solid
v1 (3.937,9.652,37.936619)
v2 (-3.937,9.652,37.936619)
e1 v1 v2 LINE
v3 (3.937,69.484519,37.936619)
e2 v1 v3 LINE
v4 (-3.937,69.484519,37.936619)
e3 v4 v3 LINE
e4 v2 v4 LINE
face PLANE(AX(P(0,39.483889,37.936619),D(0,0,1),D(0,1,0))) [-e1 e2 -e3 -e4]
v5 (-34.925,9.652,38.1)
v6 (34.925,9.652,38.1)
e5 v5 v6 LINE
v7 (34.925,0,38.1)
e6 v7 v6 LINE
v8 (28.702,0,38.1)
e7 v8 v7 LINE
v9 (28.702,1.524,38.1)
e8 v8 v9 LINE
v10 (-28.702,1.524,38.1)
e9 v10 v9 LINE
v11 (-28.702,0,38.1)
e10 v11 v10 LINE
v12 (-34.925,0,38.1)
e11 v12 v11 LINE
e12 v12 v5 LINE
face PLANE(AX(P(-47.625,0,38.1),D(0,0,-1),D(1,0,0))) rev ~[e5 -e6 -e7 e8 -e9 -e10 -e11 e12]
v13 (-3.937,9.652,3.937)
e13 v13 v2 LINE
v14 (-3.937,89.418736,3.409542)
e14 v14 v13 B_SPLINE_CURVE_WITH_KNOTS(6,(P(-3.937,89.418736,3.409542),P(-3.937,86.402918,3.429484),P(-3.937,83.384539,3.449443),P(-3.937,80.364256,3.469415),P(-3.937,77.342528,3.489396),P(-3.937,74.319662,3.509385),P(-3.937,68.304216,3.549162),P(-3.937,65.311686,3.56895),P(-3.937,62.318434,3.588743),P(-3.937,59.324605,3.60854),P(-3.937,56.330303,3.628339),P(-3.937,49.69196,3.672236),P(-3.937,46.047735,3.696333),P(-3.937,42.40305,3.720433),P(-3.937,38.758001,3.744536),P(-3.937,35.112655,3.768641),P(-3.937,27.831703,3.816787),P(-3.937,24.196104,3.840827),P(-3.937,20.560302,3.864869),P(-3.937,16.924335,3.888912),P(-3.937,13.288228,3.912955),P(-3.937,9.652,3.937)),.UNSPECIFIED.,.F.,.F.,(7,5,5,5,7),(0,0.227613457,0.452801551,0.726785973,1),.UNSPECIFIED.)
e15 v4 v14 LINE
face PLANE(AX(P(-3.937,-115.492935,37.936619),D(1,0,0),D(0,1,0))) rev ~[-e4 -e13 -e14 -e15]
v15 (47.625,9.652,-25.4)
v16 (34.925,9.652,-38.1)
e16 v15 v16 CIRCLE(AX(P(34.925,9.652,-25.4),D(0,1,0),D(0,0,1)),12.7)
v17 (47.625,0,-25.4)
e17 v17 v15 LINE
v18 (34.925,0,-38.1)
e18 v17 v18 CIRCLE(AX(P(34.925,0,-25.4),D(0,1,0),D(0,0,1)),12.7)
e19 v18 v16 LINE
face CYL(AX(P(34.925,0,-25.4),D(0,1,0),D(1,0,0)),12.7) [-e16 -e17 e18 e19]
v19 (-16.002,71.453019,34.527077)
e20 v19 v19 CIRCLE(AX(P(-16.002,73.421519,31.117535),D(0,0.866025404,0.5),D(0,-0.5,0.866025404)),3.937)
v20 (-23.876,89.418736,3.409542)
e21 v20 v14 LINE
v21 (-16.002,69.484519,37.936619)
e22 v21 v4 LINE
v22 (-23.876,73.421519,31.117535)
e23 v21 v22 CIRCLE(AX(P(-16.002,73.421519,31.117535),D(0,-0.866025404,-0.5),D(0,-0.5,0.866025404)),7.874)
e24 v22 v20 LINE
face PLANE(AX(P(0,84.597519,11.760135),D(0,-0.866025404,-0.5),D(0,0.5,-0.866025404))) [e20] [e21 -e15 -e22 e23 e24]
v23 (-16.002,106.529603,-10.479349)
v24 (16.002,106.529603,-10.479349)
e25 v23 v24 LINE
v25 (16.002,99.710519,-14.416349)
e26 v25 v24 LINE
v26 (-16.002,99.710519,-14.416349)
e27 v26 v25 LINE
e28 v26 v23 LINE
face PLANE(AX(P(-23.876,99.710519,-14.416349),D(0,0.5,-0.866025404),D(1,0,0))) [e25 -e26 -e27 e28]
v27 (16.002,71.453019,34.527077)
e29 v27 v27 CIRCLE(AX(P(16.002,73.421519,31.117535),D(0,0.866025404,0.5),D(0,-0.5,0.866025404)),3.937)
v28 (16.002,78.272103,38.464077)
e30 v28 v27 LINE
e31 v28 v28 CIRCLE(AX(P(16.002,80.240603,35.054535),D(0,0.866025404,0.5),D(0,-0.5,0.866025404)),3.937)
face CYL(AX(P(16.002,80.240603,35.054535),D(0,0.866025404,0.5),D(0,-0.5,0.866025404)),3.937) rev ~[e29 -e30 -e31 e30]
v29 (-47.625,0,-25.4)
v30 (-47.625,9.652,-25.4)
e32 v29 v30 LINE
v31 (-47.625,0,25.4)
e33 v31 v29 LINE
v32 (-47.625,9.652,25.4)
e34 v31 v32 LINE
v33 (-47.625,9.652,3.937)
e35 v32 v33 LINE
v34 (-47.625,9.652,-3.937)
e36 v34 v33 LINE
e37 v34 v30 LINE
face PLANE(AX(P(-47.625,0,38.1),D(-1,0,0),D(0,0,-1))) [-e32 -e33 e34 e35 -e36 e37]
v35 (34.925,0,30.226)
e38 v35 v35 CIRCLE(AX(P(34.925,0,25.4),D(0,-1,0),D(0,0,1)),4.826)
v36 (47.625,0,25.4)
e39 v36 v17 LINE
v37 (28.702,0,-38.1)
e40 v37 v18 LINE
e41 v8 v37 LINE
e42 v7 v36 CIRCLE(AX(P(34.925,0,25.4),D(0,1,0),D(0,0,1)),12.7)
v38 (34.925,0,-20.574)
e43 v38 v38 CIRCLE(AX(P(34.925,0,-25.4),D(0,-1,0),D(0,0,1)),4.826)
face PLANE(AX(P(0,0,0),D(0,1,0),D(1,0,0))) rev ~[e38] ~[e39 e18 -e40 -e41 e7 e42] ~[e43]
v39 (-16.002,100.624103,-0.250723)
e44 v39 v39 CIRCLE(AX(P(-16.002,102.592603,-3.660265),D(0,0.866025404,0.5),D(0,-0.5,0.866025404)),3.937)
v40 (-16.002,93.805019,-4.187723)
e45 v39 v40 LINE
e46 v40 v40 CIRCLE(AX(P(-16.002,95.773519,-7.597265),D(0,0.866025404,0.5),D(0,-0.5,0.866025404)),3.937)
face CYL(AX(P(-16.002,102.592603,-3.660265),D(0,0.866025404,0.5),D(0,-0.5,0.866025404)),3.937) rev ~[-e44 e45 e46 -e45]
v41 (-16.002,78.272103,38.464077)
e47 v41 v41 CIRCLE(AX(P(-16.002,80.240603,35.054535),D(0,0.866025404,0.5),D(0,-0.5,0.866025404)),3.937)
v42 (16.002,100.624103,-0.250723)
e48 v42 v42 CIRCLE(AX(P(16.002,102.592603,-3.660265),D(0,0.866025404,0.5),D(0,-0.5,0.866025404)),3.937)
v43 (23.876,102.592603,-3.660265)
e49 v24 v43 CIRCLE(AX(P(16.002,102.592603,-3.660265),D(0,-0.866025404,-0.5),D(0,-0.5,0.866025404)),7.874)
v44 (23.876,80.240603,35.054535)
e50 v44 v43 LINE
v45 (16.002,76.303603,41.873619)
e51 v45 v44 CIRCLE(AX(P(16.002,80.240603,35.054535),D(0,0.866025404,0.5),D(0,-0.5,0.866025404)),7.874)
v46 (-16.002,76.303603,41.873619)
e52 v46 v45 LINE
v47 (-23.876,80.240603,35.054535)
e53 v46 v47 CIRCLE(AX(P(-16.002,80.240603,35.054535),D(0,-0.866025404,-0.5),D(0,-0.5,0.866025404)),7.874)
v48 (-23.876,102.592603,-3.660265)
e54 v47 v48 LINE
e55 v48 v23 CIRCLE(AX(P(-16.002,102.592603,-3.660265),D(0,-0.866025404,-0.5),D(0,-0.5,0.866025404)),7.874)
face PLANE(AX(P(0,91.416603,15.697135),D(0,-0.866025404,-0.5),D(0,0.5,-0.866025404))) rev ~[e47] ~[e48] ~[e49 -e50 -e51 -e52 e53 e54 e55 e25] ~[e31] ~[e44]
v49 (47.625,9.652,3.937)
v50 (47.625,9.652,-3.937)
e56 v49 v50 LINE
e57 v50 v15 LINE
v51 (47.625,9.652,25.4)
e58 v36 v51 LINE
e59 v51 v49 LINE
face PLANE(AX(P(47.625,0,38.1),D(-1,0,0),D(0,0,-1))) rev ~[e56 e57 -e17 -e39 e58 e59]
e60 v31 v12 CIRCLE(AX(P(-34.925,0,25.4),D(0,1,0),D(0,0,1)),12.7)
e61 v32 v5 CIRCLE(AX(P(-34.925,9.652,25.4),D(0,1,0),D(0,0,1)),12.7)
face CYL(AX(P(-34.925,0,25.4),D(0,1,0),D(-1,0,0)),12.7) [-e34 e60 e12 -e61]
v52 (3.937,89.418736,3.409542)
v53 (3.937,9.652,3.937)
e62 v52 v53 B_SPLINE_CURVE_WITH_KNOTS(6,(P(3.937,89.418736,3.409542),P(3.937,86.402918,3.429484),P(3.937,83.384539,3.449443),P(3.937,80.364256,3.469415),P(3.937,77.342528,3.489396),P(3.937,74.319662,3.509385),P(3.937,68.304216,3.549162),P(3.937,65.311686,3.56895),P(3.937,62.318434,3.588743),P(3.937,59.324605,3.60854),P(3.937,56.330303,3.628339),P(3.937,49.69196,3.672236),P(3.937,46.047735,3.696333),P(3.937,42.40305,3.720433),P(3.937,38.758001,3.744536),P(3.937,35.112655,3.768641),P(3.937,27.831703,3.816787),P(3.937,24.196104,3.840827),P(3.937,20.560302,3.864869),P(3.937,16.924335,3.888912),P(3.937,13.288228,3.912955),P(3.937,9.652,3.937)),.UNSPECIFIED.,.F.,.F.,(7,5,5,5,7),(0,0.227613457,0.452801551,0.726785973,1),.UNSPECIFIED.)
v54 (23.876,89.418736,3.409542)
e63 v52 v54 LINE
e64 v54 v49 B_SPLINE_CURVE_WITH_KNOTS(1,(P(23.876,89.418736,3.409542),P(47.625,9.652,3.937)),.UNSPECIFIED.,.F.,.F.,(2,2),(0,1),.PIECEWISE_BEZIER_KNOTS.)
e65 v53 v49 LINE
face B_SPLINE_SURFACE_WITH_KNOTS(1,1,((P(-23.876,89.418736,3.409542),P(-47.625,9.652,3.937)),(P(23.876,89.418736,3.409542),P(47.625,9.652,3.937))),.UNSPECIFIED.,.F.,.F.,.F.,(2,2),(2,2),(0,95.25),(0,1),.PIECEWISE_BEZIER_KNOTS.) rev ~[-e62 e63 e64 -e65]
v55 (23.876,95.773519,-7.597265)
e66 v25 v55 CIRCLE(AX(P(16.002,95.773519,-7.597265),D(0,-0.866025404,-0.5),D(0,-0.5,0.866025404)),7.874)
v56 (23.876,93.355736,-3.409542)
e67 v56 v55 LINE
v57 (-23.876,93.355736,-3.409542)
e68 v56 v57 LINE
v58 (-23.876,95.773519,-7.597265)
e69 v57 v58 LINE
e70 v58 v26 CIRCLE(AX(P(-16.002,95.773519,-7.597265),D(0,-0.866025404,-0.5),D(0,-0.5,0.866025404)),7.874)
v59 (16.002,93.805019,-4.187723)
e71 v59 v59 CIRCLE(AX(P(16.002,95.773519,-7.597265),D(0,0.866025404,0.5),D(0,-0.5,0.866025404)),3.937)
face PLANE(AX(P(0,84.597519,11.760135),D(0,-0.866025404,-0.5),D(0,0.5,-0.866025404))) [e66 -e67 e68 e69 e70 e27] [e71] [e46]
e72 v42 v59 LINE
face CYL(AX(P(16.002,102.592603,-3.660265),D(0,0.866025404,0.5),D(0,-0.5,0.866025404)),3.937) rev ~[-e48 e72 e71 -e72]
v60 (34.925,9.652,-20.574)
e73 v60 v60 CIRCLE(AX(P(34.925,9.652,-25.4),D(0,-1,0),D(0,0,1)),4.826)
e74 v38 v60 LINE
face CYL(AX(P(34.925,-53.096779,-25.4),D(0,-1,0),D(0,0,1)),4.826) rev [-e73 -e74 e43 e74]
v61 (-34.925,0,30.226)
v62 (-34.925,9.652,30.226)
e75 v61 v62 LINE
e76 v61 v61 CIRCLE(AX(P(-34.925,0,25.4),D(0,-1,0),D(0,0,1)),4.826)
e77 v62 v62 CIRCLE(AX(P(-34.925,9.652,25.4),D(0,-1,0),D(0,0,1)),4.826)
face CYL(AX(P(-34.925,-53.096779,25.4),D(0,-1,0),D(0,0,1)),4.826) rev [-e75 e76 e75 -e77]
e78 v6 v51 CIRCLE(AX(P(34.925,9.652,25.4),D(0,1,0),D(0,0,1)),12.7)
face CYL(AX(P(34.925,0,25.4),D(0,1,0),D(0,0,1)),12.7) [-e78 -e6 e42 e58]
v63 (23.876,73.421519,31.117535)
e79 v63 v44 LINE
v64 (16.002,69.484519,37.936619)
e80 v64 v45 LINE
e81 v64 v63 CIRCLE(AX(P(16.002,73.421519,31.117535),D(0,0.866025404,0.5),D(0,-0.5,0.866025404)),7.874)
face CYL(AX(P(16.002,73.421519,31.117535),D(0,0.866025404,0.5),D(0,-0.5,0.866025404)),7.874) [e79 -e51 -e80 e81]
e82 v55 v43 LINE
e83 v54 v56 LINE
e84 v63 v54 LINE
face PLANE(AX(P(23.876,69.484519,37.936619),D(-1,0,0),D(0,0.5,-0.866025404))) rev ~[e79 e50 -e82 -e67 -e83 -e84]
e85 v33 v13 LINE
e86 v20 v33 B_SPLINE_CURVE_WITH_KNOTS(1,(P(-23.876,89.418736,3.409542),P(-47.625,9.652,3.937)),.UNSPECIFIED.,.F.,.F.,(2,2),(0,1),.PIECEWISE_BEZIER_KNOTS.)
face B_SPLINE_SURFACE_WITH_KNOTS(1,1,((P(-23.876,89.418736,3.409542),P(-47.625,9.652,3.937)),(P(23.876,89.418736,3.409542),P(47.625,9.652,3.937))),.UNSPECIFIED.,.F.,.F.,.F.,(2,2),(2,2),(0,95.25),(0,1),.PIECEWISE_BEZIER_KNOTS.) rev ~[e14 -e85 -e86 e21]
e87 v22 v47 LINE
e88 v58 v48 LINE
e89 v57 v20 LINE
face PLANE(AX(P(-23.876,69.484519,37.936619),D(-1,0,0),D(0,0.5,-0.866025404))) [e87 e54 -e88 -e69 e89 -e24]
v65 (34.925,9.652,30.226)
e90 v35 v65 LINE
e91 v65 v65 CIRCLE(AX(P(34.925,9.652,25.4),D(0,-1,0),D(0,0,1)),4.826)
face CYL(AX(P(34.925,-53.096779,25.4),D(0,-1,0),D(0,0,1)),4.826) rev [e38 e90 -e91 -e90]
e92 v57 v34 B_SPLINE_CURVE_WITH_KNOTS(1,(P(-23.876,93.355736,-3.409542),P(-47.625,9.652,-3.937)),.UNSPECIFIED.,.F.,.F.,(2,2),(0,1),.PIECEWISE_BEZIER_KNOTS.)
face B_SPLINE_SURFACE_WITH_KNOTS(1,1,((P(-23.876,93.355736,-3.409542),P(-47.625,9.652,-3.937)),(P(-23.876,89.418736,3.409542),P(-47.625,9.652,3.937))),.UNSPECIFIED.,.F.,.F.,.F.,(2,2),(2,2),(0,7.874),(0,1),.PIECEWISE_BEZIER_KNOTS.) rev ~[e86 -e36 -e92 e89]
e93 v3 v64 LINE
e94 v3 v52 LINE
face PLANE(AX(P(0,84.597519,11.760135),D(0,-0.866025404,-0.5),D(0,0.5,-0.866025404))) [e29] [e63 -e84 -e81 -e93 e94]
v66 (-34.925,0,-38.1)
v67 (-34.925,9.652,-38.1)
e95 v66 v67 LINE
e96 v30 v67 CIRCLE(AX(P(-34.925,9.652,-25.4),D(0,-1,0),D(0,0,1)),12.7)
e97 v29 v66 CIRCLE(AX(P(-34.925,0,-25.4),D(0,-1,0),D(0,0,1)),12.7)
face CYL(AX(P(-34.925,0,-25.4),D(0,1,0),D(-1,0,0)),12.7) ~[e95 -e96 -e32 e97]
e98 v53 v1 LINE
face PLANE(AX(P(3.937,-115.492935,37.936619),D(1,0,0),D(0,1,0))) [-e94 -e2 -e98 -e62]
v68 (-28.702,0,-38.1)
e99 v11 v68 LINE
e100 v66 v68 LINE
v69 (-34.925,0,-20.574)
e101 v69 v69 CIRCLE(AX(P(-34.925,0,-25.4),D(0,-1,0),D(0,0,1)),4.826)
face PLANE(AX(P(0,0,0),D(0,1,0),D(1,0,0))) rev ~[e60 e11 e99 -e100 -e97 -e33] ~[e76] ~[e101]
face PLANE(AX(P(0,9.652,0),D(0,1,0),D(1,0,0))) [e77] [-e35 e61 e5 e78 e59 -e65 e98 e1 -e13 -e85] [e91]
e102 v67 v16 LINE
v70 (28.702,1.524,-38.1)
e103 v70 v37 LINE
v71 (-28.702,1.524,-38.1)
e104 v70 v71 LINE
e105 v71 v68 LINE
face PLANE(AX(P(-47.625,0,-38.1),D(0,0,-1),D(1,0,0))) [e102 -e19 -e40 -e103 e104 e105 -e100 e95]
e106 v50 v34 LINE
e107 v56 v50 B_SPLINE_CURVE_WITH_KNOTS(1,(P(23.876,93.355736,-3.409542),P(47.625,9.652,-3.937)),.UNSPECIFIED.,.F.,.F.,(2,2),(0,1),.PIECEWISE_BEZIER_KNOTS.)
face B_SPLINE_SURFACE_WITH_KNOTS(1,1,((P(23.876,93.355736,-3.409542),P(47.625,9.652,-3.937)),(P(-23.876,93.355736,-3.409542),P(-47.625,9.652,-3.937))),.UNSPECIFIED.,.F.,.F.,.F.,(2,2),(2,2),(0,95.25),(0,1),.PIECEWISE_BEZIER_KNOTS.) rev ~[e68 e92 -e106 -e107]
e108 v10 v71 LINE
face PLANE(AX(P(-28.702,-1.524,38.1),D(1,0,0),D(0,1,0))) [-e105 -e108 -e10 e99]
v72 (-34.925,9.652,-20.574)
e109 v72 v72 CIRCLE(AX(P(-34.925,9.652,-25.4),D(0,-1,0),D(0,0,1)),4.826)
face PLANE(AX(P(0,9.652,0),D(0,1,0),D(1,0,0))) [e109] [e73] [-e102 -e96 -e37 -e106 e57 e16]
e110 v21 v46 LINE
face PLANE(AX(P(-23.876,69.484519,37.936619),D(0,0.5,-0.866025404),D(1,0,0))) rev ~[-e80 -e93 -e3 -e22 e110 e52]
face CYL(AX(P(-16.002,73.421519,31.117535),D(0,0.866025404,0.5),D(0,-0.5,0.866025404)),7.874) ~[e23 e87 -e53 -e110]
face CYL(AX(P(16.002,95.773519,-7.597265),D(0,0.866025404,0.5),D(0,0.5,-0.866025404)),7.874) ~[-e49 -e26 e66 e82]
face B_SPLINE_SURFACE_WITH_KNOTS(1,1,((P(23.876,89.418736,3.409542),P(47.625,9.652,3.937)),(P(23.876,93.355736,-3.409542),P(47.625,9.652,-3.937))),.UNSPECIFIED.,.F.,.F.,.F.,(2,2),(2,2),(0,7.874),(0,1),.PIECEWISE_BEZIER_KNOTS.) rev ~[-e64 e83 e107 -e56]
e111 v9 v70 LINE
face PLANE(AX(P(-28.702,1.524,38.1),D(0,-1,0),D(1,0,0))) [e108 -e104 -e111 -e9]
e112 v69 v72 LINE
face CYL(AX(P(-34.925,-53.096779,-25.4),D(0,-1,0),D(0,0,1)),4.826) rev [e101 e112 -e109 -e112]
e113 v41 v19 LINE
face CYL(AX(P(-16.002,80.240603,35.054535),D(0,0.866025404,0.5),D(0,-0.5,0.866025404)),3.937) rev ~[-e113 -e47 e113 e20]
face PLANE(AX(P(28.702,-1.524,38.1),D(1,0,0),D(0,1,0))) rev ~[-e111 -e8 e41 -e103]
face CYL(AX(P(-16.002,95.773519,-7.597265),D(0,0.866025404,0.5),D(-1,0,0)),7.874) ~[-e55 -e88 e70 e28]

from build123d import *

# Parameters (mm, degrees)
SKETCH1_W               = 95.25
SKETCH1_H               = 76.2
BOSS_EXTRUDE1_DEPTH     = 9.652
FILLET1_R               = 12.7
CUT_EXTRUDE1_DEPTH      = 62.74877917
CUT_EXTRUDE1_DEPTH_BACK = 62.74877917
SKETCH2_R               = 4.826
SKETCH3_W               = 57.404
SKETCH3_H               = 3.048
CUT_EXTRUDE2_DEPTH      = 91.375559356
SKETCH5_W               = 60.452
SKETCH5_H               = 47.752
BOSS_EXTRUDE2_DEPTH     = 7.874
FILLET2_R               = 7.874
SKETCH6_R               = 3.937
CUT_EXTRUDE3_DEPTH      = 7.874
RIB1_REACH              = 125.976
SKETCH10_WALL_W         = 309.953649084
SKETCH10_WALL_H         = 7.874


with BuildPart() as part:
    # Sketch1 → Boss-Extrude1 (new body)
    with BuildSketch(Plane(origin=(0, 0, 0), x_dir=(1, 0, 0), z_dir=(0, 1, 0))):
        Rectangle(SKETCH1_W, SKETCH1_H)
    extrude(amount=BOSS_EXTRUDE1_DEPTH)

    # Fillet1
    fillet1_edges = [part.edges().sort_by_distance(p)[0] for p in [
        (47.625, 4.826, 38.1),
        (-47.625, 4.826, 38.1),
        (-47.625, 4.826, -38.1),
        (47.625, 4.826, -38.1),
    ]]
    fillet(fillet1_edges, radius=FILLET1_R)

    # Sketch2 → Cut-Extrude1 (cut, two sides: drawn at the far end of the back side and taken through both)
    with BuildSketch(Plane(origin=(0, 9.652, 0), x_dir=(1, 0, 0), z_dir=(0, 1, 0)).offset(-CUT_EXTRUDE1_DEPTH_BACK)):
        with Locations(Location((-34.925, -25.4, 0), (0, 0, 270))):
            Circle(SKETCH2_R)
        with Locations(Location((-34.925, 25.4, 0), (0, 0, 270))):
            Circle(SKETCH2_R)
        with Locations(Location((34.925, 25.4, 0), (0, 0, 270))):
            Circle(SKETCH2_R)
        with Locations(Location((34.925, -25.4, 0), (0, 0, 270))):
            Circle(SKETCH2_R)
    extrude(amount=CUT_EXTRUDE1_DEPTH + CUT_EXTRUDE1_DEPTH_BACK, mode=Mode.SUBTRACT)

    # Sketch3 → Cut-Extrude2 (cut, through all)
    with BuildSketch(Plane.XY.offset(38.1)):
        Rectangle(SKETCH3_W, SKETCH3_H)
    extrude(amount=-CUT_EXTRUDE2_DEPTH, mode=Mode.SUBTRACT)



with BuildPart() as body_2:
    # Sketch5 → Boss-Extrude2 (new body)
    with BuildSketch(Plane(origin=(0, 68.540427062, 39.571834015), x_dir=(0, 0.4999999999999976, -0.86602540378444), z_dir=(0, -0.8660254037844402, -0.4999999999999977))):
        with Locations((32.114183863, 0)):
            Rectangle(SKETCH5_W, SKETCH5_H)
    extrude(amount=-BOSS_EXTRUDE2_DEPTH)

    # Fillet2
    fillet2_edges = [body_2.edges().sort_by_distance(p)[0] for p in [
        (-23.876, 103.120061008, -12.447848887),
        (-23.876, 72.894061008, 39.905118823),
        (23.876, 72.894061008, 39.905118823),
        (23.876, 103.120061008, -12.447848887),
    ]]
    fillet(fillet2_edges, radius=FILLET2_R)

    # Sketch6 → Cut-Extrude3 (cut)
    with BuildSketch(Plane(origin=(0, 75.359511091, 43.508834015), x_dir=(1, 0, 0), z_dir=(0, 0.86602540378444, 0.49999999999999784))):
        with Locations(Location((-16.002, 9.762183863, 0), (0, 0, 270))):
            Circle(SKETCH6_R)
        with Locations(Location((16.002, 9.762183863, 0), (0, 0, 270))):
            Circle(SKETCH6_R)
        with Locations(Location((16.002, 54.466183863, 0), (0, 0, 270))):
            Circle(SKETCH6_R)
        with Locations(Location((-16.002, 54.466183863, 0), (0, 0, 270))):
            Circle(SKETCH6_R)
    extrude(amount=-CUT_EXTRUDE3_DEPTH, mode=Mode.SUBTRACT)


with BuildPart() as part_1:
    add(part.part)

    add(body_2.part)  # Loft1 merges body 2
    # Sketch9 → Loft1 section 0
    with BuildSketch(Plane(origin=(0, 68.540427062, 39.571834015), x_dir=(1, 0, 0), z_dir=(0, -0.86602540378444, -0.49999999999999784))):
        with BuildLine():
            Line((23.876, -49.630618041), (-23.876, -49.630618041))
            Line((-23.876, -49.630618041), (-23.876, -41.756618041))
            Line((-23.876, -41.756618041), (23.876, -41.756618041))
            Line((23.876, -41.756618041), (23.876, -49.630618041))
        make_face()
    # Sketch7 → Loft1 section 1
    with BuildSketch(Plane(origin=(0, 9.652, 0), x_dir=(1, 0, 0), z_dir=(0, 1, 0))):
        with BuildLine():
            Line((-47.625, -3.937), (47.625, -3.937))
            Line((47.625, -3.937), (47.625, 3.937))
            Line((47.625, 3.937), (-47.625, 3.937))
            Line((-47.625, 3.937), (-47.625, -3.937))
        make_face()
    loft()

    # Sketch10 wall → Rib1 (add, up to next)
    with BuildSketch(Plane(origin=(0, 39.483889376, 37.936618823), x_dir=(0, 1, 0), z_dir=(0, 0, 1)), mode=Mode.PRIVATE) as rib1_sk1:
        Rectangle(SKETCH10_WALL_W, SKETCH10_WALL_H)
    rib1_tool1 = extrude(rib1_sk1.sketch, amount=-RIB1_REACH, mode=Mode.PRIVATE) - part_1.part
    add(rib1_tool1.solids().sort_by_distance((0, 39.483889376, 37.936618823))[0])


solid = part_1.part
